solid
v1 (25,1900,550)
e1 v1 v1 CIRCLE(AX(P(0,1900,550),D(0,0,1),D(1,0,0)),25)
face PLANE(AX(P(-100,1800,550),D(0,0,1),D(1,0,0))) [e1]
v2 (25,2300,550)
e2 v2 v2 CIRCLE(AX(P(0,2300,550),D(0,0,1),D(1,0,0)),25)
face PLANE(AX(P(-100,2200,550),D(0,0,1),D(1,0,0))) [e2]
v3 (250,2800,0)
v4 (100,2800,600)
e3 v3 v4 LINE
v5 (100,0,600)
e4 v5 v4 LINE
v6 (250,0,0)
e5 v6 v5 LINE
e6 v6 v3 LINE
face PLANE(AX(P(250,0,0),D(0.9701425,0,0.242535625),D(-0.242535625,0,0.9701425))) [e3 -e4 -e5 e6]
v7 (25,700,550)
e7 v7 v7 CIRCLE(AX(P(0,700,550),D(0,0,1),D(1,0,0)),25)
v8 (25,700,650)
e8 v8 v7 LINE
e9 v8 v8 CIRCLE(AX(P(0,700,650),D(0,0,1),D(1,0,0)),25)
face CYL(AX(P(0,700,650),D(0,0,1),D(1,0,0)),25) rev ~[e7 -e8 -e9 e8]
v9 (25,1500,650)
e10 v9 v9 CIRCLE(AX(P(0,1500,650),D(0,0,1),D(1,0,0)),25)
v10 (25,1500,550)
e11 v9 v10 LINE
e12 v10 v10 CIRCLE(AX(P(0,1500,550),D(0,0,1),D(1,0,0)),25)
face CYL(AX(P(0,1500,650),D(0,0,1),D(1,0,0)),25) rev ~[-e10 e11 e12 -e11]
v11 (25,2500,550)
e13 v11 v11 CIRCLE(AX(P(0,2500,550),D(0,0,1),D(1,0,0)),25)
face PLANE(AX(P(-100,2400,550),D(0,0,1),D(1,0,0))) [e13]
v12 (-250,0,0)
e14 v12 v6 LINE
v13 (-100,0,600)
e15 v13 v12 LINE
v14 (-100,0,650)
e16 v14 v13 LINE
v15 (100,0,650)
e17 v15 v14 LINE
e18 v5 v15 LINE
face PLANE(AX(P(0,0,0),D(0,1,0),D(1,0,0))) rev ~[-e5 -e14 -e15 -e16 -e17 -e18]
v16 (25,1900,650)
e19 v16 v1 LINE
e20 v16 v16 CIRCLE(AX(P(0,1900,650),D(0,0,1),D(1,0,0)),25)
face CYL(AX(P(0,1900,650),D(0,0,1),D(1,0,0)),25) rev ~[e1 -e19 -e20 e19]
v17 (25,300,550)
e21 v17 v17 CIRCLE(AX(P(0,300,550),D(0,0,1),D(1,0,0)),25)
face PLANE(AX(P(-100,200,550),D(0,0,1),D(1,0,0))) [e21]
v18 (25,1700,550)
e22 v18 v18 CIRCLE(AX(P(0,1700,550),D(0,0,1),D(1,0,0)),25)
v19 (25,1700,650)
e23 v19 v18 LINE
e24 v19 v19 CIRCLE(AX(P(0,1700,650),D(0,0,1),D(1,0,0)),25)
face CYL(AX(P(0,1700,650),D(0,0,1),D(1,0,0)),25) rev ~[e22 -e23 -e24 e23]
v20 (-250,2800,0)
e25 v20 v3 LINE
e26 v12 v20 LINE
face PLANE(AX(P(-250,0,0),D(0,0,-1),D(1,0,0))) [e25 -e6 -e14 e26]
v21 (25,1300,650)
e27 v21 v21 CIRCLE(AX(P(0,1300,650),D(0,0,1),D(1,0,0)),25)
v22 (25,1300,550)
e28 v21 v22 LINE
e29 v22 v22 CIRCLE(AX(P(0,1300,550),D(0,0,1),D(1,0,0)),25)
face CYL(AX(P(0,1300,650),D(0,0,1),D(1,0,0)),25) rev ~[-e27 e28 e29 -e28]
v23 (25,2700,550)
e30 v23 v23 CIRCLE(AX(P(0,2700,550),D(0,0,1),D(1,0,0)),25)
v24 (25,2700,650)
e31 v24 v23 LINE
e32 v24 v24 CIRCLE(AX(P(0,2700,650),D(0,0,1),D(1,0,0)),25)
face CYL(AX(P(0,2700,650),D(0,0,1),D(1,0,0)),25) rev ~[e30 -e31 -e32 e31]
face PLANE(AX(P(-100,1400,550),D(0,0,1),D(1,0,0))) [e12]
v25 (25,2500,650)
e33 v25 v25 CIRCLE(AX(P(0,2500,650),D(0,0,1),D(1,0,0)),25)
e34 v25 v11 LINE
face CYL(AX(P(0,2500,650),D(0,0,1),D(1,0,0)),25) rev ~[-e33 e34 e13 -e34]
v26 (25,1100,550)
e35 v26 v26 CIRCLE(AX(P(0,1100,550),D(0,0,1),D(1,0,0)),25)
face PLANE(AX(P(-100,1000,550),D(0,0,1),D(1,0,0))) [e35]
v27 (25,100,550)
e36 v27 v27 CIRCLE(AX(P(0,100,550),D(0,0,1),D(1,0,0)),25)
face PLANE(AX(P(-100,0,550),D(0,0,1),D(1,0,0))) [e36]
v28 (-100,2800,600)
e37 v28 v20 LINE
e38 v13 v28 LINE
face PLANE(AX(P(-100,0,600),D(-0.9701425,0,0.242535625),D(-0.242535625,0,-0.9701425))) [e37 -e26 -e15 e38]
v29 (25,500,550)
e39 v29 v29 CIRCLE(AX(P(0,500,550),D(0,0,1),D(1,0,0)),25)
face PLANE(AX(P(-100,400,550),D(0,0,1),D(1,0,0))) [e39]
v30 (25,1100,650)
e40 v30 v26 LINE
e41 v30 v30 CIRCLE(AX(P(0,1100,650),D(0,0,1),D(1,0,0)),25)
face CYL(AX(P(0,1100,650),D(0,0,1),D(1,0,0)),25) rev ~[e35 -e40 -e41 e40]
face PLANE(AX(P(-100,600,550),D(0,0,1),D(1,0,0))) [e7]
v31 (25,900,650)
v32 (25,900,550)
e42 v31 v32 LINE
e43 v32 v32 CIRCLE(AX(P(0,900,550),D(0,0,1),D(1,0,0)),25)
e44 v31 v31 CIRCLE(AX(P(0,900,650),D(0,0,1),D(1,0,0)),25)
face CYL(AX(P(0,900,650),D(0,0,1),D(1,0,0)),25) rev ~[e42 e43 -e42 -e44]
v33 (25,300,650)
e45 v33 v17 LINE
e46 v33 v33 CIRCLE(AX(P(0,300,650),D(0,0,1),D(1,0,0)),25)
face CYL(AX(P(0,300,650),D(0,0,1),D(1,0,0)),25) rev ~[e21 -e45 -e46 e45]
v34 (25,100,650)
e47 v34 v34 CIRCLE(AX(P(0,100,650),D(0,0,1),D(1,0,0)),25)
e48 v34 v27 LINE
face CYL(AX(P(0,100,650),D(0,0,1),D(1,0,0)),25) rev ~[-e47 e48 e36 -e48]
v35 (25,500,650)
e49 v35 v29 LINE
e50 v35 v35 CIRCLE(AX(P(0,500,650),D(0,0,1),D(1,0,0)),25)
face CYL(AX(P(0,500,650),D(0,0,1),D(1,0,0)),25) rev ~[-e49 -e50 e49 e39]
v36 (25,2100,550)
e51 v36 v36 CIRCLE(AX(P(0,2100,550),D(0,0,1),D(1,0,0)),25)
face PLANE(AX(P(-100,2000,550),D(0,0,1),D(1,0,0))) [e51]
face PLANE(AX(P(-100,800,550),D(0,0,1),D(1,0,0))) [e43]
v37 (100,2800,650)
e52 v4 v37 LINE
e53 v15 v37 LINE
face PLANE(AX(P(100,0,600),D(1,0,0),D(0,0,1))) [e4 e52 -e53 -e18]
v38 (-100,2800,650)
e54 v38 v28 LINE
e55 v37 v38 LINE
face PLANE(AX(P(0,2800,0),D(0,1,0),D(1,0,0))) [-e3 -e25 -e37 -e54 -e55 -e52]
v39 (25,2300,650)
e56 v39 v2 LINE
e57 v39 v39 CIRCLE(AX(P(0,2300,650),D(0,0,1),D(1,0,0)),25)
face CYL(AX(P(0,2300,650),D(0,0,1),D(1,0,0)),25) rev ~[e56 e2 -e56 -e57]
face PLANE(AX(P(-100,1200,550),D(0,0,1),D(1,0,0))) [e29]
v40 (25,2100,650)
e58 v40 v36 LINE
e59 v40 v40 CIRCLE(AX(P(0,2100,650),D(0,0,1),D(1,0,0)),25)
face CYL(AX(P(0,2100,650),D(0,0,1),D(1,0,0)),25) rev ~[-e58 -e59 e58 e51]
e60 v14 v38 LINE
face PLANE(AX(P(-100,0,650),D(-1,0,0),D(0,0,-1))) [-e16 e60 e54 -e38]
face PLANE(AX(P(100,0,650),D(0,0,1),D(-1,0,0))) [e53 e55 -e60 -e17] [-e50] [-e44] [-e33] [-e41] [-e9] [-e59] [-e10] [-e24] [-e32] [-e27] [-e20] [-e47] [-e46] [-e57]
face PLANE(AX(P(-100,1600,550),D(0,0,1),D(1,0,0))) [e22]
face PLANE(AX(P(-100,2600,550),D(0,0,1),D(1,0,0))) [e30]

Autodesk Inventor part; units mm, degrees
ref_plane "YZ Plane" through (0, 0, 0) normal (1, 0, 0) x (0, 1, 0)
ref_plane "XZ Plane" through (0, 0, 0) normal (0, 1, 0) x (-1, 0, 0)
ref_plane "XY Plane" through (0, 0, 0) normal (0, 0, 1) x (1, 0, 0)
sketch "Náčrt1" plane through (0, 0, 0) normal (0, 1, 0) x (1, 0, 0)
  line L0 (-250, 0) -> (250, 0)
  line L1 (250, 0) -> (100, -600)
  line L2 (100, -600) -> (100, -650)
  line L3 (100, -650) -> (-100, -650)
  line L4 (-100, -650) -> (-100, -600)
  line L5 (-100, -600) -> (-250, 0)
  point P0 (0, 0)
  point P1 (0, 0)
  point P2 (0, -650)
  dimension "d0" = 500
  dimension "d1" = 50
  dimension "d2" = 600
  dimension "d3" = 200
extrude "Vysunutí1" add sketch "Náčrt1" along normal blind 2800
sketch "Náčrt2" plane through (-100, 0, 650) normal (0, 0, 1) x (1, 0, 0)
  line L0 (200, 0) -> (0, 0) construction
  line L1 (200, 0) -> (200, 2800) construction
  circle A0 centre (100, 100) radius 25
  circle A1 centre (100, 2700) radius 35.9949 construction
  line L2 (100, 100) -> (100, 2700) construction
  point P0 (100, 0)
  point P1 (100, 1400)
  point P2 (200, 1400)
  point P3 (100, 0)
  dimension "d6" = 2600
  dimension "d7" = 50
extrude "Vysunutí2" cut sketch "Náčrt2" against normal blind 100
pattern_linear "Obdélníkové pole1" count 14 spacing 200 along (0, 1, 0) of "Vysunutí2"
properties part number "22002102_Suppot Beam"
